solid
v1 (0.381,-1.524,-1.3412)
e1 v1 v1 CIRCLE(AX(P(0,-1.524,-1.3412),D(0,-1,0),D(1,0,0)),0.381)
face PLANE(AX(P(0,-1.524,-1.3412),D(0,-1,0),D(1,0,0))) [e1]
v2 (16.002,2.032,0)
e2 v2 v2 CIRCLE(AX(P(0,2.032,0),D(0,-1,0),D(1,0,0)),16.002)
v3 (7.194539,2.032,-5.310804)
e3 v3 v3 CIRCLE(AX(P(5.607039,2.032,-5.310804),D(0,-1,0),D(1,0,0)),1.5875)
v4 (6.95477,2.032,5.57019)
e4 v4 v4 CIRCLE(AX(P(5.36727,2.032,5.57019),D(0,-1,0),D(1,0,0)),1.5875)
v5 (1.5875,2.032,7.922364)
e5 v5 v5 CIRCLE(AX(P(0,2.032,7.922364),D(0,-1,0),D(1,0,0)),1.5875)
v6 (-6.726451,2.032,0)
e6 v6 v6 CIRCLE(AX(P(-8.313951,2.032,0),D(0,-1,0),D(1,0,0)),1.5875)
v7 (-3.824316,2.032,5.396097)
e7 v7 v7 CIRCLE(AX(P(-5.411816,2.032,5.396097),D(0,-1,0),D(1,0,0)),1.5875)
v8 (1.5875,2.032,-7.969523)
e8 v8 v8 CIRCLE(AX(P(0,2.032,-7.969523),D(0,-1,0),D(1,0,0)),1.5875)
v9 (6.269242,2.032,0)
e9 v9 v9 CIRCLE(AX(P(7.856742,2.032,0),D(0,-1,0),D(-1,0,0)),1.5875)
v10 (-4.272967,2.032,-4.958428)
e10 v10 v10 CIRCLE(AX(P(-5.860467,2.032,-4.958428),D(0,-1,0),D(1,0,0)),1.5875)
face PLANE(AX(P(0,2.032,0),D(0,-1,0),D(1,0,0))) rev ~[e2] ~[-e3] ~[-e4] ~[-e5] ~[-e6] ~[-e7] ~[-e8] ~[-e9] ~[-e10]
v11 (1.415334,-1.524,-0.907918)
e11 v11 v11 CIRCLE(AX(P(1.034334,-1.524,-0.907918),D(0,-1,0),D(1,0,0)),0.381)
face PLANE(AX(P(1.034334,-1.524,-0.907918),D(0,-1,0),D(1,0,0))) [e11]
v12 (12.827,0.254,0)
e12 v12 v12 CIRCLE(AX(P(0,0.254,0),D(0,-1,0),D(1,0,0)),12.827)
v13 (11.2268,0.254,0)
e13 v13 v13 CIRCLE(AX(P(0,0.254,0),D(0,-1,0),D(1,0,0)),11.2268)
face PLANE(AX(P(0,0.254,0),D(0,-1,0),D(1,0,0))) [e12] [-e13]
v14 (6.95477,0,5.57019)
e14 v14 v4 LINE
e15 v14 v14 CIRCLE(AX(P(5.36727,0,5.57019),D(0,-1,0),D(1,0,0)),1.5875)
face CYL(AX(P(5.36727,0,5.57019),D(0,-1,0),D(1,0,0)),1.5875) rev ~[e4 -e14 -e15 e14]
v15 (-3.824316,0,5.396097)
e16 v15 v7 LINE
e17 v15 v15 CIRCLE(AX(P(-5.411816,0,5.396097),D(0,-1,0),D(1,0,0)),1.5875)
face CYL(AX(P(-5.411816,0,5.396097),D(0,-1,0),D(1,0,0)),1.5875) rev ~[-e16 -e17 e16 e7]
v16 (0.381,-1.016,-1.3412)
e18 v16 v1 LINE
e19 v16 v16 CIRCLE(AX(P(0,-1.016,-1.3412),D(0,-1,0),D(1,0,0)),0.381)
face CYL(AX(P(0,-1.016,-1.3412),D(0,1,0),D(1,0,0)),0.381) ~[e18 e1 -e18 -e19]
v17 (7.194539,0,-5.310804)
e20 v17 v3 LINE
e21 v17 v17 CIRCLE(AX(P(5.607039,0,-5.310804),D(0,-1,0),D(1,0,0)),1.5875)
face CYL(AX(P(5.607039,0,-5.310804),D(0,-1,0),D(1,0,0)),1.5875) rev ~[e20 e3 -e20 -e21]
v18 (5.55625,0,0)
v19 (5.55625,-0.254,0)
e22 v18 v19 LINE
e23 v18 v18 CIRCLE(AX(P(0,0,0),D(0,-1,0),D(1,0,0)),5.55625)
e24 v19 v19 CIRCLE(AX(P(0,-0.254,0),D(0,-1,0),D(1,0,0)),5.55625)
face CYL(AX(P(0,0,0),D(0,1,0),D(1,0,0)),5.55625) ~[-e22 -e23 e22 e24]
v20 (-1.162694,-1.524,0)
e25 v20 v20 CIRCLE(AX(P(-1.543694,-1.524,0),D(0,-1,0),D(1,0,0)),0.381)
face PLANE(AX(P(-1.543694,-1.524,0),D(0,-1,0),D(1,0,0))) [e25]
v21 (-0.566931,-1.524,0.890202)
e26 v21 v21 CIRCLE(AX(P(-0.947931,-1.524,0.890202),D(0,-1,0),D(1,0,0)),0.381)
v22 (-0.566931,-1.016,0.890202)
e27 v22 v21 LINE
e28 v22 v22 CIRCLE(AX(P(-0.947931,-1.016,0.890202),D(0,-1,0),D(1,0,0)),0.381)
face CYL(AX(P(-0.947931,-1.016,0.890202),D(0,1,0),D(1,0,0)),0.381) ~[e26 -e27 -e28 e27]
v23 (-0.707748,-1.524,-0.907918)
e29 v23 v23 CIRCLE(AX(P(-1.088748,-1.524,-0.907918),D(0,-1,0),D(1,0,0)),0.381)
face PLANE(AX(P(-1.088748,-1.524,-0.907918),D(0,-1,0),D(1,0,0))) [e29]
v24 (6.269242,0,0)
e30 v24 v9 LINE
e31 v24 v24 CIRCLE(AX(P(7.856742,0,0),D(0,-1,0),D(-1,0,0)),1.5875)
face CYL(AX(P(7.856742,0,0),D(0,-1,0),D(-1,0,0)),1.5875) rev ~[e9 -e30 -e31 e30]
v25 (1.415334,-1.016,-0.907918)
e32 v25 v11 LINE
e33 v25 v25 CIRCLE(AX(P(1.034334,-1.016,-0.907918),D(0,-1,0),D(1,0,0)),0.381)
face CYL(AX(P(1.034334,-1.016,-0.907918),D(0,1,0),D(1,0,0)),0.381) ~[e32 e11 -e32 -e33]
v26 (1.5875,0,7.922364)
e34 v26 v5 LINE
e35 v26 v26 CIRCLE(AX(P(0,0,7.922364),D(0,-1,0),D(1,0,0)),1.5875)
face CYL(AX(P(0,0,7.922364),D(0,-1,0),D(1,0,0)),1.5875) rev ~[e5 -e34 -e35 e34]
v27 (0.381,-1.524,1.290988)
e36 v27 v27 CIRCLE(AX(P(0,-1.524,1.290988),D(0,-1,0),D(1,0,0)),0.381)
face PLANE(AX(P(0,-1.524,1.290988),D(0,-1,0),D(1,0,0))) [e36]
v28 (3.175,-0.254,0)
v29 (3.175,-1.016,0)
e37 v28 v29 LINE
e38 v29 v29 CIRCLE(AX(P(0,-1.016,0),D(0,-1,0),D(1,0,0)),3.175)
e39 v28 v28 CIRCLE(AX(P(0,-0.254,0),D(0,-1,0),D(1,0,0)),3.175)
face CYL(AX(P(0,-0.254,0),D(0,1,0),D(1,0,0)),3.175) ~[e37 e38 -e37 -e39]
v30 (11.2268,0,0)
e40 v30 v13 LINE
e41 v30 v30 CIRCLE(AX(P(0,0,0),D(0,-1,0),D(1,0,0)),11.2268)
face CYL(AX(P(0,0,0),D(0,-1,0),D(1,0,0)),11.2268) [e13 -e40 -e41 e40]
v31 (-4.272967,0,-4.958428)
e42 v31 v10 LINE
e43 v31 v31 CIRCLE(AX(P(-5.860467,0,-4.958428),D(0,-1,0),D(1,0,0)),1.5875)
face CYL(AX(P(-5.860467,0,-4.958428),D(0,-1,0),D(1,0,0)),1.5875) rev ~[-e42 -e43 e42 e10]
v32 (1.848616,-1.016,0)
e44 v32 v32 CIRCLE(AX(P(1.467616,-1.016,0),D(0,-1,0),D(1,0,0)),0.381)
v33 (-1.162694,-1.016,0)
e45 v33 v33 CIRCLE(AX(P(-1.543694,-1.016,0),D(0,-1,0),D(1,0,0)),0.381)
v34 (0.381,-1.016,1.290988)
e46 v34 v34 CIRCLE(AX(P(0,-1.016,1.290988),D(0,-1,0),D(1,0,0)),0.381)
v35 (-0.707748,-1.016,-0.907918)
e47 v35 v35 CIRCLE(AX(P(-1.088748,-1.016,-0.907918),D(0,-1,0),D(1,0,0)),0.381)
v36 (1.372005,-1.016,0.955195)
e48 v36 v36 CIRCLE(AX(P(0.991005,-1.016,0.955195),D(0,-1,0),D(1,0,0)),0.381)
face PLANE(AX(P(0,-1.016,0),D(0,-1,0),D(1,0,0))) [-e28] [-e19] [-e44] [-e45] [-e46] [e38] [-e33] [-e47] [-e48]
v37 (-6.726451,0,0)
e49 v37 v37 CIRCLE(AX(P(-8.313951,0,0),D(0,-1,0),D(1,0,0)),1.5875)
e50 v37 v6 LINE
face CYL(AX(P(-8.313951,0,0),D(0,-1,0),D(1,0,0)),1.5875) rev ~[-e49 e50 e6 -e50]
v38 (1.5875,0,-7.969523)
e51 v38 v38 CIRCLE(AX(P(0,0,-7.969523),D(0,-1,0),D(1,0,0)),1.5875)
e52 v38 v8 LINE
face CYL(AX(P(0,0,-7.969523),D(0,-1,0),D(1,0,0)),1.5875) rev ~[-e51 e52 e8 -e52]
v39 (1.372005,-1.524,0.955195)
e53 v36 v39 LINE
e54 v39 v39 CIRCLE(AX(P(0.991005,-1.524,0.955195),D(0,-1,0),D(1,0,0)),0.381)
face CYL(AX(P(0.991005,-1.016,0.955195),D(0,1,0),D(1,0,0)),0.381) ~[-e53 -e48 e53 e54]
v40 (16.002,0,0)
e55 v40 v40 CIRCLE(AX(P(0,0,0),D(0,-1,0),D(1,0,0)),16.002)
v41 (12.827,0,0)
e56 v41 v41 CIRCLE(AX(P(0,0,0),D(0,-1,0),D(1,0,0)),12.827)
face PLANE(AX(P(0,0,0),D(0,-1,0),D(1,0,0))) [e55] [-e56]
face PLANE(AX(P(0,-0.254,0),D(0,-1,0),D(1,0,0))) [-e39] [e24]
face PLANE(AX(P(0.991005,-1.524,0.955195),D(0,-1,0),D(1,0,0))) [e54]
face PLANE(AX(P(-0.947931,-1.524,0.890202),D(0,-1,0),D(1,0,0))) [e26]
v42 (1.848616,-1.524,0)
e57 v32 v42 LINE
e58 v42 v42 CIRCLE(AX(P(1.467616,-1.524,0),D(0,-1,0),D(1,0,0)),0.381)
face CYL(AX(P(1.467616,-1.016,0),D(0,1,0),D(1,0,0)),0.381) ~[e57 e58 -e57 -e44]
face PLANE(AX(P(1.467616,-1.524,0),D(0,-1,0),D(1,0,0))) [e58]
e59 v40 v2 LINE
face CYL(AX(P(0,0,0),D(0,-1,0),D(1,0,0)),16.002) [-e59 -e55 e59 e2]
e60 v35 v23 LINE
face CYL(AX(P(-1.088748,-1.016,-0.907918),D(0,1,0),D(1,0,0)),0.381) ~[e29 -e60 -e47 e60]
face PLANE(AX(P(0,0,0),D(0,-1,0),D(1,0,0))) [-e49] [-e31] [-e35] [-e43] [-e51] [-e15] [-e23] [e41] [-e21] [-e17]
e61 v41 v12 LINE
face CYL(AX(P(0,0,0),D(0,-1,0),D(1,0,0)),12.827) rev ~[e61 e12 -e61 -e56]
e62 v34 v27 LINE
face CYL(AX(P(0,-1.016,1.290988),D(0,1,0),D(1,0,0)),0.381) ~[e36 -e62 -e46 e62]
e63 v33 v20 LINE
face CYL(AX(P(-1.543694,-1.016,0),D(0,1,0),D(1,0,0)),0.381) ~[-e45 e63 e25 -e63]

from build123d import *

# Parameters (mm, degrees)
F0_R      = 16.002
F1_DEPTH  = 2.032
F3_R      = 12.827
F3_R_2    = 11.2268
F4_DEPTH  = 0.254
F2_R      = 1.5875
F5_DEPTH  = 2.032
F6_R      = 5.55625
F7_DEPTH  = 0.254
F8_R      = 3.175
F9_DEPTH  = 0.762
F10_R     = 0.381
F11_DEPTH = 0.508


with BuildPart() as f1:
    # F0 (on Front) → F1 (new body)
    with BuildSketch(Plane.XZ):
        Circle(F0_R)
    extrude(amount=-F1_DEPTH)

    # F3 (on face) → F4 (cut)
    with BuildSketch(Plane.XZ):
        Circle(F3_R)
        Circle(F3_R_2, mode=Mode.SUBTRACT)
    extrude(amount=-F4_DEPTH, mode=Mode.SUBTRACT)

    # F2 (on face) → F5 (cut)
    with BuildSketch(Plane.XZ):
        with Locations((0, -7.9695228487)):
            Circle(F2_R)
        with Locations((-5.8604669757, -4.9584284425)):
            Circle(F2_R)
        with BuildLine():
            Line((-6.7264510825, 0), (-9.9014510825, 0))
            ThreePointArc((-9.9014510825, 0), (-8.3139510825, -1.5875), (-6.7264510825, 0))
        make_face()
        with BuildLine():
            ThreePointArc((-6.7264510825, 0), (-8.3139510825, 1.5875), (-9.9014510825, 0))
            Line((-9.9014510825, 0), (-6.7264510825, 0))
        make_face()
        with Locations((-5.4118158296, 5.3960969672)):
            Circle(F2_R)
        with Locations((0, 7.9223643988)):
            Circle(F2_R)
        with Locations((5.3672702052, 5.5701895617)):
            Circle(F2_R)
        with BuildLine():
            Line((6.2692415476, 0), (9.4442415476, 0))
            ThreePointArc((9.4442415476, 0), (7.8567415476, 1.5875), (6.2692415476, 0))
        make_face()
        with BuildLine():
            ThreePointArc((6.2692415476, 0), (7.8567415476, -1.5875), (9.4442415476, 0))
            Line((9.4442415476, 0), (6.2692415476, 0))
        make_face()
        with Locations((5.607039202, -5.3108036518)):
            Circle(F2_R)
    extrude(amount=-F5_DEPTH, mode=Mode.SUBTRACT)

    # F6 (on face) → F7 (join)
    with BuildSketch(Plane.XZ):
        Circle(F6_R)
    extrude(amount=F7_DEPTH)

    # F8 (on face) → F9 (join)
    with BuildSketch(Plane.XZ.offset(0.254)):
        Circle(F8_R)
    extrude(amount=F9_DEPTH)

    # F10 (on face) → F11 (join)
    with BuildSketch(Plane.XZ.offset(1.016)):
        with Locations((-1.543693963, 0)):
            Circle(F10_R)
        with Locations((-0.9479312136, 0.8902023229)):
            Circle(F10_R)
        with Locations((0, 1.2909881785)):
            Circle(F10_R)
        with Locations((0.9910054901, 0.9551946484)):
            Circle(F10_R)
        with Locations((1.4676158223, 0)):
            Circle(F10_R)
        with Locations((1.0343337624, -0.9079179104)):
            Circle(F10_R)
        with Locations((0, -1.3411998874)):
            Circle(F10_R)
        with Locations((-1.0887479328, -0.9079179104)):
            Circle(F10_R)
    extrude(amount=F11_DEPTH)


solid = f1.part
